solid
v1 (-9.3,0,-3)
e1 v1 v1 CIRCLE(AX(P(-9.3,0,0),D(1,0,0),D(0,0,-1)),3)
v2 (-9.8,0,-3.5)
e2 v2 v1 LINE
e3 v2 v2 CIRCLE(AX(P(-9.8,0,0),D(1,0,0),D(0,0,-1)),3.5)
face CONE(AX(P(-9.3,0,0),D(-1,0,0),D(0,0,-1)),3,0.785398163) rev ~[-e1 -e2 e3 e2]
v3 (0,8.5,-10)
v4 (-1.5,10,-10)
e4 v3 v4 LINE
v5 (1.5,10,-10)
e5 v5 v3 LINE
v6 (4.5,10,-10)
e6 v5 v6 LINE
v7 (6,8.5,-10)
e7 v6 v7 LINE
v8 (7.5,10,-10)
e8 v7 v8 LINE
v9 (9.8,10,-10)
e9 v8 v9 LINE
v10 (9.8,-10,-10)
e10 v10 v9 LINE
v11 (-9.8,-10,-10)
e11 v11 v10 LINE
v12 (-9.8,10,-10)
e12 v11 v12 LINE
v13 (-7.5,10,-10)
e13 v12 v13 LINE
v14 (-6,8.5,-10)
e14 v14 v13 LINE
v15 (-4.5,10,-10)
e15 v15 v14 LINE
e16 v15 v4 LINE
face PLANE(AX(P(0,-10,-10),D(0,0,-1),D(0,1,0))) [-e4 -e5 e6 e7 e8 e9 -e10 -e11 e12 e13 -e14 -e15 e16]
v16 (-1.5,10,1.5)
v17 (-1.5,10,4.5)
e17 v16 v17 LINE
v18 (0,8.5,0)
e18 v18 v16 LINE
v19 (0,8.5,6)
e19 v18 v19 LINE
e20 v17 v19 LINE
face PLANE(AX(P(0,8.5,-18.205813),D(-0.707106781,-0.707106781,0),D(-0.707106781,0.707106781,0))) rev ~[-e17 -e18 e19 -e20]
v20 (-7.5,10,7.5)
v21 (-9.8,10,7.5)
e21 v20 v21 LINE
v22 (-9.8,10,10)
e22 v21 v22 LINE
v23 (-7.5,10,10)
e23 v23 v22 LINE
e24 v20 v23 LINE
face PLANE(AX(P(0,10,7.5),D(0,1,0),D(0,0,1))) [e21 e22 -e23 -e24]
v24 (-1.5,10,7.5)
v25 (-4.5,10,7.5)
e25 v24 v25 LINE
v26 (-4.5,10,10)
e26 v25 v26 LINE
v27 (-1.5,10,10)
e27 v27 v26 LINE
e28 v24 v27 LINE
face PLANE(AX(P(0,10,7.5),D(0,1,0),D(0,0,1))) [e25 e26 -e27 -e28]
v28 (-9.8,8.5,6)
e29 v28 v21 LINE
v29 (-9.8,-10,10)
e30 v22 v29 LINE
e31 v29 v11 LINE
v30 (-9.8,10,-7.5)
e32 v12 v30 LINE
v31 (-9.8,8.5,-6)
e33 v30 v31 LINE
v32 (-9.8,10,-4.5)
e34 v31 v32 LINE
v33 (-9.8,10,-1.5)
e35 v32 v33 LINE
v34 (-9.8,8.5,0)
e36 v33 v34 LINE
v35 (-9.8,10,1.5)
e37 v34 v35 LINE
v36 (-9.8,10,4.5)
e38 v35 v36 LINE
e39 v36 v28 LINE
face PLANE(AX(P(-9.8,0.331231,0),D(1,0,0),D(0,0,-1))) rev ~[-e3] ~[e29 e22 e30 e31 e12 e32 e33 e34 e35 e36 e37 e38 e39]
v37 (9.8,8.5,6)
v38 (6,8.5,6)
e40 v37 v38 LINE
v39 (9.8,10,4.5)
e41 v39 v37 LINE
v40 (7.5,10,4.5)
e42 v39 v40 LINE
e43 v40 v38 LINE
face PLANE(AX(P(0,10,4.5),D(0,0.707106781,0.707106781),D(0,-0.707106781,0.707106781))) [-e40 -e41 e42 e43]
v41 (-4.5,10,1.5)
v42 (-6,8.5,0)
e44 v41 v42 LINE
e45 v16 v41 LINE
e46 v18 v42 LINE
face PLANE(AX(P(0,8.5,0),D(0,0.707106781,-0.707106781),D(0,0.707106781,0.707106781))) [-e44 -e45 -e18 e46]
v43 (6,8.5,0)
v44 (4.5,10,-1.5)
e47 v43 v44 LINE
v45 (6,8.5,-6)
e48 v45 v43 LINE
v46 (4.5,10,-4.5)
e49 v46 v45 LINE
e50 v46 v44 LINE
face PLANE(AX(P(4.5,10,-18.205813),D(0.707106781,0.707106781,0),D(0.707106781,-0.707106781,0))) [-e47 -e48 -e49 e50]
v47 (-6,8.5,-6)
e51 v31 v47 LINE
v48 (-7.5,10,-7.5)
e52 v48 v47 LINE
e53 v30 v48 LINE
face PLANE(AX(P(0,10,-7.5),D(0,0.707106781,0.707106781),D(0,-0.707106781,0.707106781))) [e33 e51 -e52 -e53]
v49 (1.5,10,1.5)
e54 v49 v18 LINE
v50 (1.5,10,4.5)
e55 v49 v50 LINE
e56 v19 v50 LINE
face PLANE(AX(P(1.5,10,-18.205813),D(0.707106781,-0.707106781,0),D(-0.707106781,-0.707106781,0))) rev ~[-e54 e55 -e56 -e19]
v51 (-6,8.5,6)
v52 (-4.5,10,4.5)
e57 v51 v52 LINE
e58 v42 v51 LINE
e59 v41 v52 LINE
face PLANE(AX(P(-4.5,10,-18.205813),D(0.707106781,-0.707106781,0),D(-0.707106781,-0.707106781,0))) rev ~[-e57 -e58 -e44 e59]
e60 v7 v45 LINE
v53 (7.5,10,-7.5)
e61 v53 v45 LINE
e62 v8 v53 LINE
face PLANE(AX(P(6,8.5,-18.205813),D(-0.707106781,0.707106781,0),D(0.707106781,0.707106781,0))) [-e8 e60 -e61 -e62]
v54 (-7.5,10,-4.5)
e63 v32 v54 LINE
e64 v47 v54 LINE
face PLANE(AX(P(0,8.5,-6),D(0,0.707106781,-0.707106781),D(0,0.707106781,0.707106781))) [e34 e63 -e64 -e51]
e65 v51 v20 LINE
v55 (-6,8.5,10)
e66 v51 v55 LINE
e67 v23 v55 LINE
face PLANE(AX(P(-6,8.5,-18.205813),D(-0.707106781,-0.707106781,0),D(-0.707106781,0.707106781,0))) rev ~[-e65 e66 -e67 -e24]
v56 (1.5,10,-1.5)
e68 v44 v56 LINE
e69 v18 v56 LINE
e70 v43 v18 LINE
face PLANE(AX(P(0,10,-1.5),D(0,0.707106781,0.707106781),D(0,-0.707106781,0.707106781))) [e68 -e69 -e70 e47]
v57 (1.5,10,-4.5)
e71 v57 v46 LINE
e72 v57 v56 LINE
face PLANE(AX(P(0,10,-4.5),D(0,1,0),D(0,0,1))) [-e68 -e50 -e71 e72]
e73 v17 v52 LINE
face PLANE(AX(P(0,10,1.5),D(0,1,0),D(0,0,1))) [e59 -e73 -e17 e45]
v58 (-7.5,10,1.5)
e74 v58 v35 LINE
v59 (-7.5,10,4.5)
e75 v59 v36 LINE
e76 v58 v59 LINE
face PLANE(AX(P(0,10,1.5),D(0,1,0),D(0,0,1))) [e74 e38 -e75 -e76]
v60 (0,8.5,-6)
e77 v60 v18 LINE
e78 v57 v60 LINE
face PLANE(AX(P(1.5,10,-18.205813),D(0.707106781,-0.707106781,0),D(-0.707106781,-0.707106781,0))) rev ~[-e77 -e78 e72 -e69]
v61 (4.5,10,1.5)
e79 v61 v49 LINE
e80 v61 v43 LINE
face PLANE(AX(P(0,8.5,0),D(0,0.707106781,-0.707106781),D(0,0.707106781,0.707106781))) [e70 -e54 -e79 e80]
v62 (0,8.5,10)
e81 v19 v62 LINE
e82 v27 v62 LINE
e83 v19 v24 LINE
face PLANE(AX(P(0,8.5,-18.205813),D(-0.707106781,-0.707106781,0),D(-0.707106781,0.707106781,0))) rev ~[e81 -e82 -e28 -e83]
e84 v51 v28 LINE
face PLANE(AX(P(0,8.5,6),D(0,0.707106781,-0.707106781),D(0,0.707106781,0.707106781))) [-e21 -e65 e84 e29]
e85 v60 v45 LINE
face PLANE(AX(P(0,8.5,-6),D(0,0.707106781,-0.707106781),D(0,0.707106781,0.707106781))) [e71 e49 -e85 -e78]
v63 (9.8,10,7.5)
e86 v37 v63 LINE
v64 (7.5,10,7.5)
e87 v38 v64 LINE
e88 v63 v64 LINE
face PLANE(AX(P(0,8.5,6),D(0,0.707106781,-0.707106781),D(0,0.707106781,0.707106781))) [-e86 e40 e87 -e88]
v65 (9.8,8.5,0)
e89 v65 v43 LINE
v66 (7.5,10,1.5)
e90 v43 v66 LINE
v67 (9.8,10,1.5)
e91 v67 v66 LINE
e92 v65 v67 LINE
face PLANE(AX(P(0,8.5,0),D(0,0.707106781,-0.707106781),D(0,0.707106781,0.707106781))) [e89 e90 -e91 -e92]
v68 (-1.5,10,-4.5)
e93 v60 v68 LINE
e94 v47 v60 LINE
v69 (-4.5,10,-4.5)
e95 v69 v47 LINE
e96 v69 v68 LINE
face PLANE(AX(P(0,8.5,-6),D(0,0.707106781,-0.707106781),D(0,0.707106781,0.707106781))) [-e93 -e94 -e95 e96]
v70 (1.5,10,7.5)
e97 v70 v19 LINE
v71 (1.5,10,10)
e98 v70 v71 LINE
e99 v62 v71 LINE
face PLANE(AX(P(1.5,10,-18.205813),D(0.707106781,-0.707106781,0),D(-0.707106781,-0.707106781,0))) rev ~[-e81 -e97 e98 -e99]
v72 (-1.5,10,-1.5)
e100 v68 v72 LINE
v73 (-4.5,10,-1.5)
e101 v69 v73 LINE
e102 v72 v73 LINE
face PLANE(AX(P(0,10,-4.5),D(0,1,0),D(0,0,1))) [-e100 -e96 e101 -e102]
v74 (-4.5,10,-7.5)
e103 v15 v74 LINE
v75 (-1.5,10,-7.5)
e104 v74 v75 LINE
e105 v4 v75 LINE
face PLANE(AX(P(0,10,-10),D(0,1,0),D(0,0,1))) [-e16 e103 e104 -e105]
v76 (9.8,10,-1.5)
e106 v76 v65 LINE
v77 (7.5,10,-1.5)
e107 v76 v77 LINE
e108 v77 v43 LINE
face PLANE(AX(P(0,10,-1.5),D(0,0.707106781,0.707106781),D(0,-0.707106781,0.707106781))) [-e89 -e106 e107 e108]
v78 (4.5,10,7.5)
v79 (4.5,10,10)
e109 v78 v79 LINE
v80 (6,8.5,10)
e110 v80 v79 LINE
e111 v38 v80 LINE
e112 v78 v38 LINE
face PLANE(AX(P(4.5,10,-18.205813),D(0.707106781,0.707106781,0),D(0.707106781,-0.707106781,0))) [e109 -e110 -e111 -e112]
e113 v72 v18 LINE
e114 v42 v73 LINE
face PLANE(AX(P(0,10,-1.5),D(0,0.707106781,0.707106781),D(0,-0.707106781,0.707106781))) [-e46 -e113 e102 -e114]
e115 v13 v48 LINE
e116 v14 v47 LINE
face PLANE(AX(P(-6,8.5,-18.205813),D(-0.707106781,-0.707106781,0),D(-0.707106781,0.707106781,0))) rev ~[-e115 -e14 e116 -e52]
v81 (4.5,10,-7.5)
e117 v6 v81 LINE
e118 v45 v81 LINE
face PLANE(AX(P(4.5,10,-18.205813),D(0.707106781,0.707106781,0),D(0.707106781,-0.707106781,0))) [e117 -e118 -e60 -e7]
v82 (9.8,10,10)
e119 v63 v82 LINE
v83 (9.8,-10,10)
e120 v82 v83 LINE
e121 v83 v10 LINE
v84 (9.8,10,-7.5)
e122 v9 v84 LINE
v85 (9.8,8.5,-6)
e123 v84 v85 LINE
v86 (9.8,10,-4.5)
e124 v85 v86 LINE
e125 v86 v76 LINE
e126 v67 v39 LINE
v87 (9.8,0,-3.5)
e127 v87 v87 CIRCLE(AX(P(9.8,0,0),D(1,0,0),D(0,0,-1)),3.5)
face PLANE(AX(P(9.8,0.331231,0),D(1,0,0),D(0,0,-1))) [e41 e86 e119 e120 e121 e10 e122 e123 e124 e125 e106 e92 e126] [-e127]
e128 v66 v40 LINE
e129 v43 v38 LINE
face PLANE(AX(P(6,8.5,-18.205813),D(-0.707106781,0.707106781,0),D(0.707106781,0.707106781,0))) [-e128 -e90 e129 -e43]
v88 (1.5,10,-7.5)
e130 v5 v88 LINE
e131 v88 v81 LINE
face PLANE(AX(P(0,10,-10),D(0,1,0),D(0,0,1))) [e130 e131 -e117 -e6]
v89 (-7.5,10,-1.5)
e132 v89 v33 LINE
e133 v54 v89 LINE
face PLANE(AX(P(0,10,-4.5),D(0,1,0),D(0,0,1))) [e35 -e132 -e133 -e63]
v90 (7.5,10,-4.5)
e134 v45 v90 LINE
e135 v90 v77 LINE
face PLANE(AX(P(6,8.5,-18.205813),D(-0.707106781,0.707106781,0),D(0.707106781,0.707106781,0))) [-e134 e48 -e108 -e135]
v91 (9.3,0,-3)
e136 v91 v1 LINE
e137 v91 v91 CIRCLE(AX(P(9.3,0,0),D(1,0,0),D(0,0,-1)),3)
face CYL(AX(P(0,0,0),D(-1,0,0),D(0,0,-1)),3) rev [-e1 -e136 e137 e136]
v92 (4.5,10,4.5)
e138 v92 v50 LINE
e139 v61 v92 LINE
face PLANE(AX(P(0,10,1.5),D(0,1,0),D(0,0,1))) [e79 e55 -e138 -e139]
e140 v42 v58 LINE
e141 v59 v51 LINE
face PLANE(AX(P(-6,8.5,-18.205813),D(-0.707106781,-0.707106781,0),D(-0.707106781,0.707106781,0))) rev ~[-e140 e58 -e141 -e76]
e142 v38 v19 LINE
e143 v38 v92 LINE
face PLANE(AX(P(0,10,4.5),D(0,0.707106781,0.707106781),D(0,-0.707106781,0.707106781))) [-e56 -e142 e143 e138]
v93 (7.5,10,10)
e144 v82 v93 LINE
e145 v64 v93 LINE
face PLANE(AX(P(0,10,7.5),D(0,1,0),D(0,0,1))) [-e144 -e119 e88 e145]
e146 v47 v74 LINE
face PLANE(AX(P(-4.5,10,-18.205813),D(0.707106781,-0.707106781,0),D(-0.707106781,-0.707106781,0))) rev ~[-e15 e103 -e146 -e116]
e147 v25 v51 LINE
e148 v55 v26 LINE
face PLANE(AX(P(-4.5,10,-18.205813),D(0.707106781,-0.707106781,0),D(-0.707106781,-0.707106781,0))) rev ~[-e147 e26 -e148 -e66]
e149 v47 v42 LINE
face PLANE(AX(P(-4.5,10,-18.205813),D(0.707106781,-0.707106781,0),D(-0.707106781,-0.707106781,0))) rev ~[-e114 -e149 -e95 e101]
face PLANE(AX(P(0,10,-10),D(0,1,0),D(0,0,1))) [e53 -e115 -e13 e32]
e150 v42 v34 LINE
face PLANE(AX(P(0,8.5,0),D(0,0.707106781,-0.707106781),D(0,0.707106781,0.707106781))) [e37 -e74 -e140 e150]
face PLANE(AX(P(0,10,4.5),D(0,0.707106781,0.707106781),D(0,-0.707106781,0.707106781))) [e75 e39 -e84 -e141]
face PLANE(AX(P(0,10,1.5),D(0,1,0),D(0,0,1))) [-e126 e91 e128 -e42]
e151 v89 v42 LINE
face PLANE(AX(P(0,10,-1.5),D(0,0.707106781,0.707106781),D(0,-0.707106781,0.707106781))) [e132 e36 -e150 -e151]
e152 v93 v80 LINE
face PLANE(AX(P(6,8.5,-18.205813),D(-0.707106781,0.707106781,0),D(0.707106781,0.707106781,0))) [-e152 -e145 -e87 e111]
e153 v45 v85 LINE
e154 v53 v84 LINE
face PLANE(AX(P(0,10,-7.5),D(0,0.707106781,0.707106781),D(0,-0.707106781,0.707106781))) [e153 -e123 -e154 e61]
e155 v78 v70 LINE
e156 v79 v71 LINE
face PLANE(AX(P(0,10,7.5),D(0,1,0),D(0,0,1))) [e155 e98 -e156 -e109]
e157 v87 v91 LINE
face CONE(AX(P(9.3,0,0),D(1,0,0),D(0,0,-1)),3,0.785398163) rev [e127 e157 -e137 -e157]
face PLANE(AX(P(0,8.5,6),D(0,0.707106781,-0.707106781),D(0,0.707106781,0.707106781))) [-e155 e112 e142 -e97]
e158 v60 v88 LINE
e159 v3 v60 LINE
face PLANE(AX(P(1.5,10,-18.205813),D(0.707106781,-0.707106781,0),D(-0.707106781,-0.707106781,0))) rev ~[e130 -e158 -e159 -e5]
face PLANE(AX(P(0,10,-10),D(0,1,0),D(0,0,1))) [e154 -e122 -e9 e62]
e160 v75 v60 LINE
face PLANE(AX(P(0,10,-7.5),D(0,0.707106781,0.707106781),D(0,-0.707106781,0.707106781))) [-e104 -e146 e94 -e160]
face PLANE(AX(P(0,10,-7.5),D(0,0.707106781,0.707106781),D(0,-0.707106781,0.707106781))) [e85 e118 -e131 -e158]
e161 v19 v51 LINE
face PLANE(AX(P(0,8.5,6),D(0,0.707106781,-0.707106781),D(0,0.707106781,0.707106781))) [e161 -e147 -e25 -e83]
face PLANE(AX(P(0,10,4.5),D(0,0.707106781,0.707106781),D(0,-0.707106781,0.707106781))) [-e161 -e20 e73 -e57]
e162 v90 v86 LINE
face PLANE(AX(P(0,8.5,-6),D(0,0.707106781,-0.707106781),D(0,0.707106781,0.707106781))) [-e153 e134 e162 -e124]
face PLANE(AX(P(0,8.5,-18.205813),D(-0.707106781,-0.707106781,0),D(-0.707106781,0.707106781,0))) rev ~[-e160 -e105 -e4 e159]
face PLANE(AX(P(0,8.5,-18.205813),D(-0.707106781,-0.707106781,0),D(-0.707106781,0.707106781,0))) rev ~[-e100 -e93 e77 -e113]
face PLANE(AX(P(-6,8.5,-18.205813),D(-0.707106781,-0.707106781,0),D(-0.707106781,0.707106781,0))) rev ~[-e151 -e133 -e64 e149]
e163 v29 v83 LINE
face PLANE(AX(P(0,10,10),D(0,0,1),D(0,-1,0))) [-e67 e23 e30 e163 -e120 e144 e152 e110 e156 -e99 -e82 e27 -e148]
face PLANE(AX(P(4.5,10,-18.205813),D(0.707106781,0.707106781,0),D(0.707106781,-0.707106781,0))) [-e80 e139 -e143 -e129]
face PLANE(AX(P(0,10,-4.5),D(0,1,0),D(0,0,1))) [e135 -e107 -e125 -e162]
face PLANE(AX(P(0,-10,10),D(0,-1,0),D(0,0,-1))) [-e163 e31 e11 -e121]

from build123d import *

# Parameters (mm, degrees)
SKETCH1_R               = 3
BOSS_EXTRUDE1_DEPTH     = 9.8
CUT_EXTRUDE1_DEPTH      = 18.205812971
CUT_EXTRUDE1_DEPTH_BACK = 18.205812971
CHAMFER1_SIZE           = 0.5


with BuildPart() as part:
    # Sketch1 → Boss-Extrude1 (new, symmetric)
    with BuildSketch(Plane(origin=(0, 0, 0), x_dir=(0, 0, -1), z_dir=(1, 0, 0))):
        Polygon((-10, 10), (-10, -10), (10, -10), (10, 10), (7.5, 10), (6, 8.5), (4.5, 10), (1.5, 10), (0, 8.5), (-1.5, 10), (-4.5, 10), (-6, 8.5), (-7.5, 10), align=None)
        Circle(SKETCH1_R, mode=Mode.SUBTRACT)
    extrude(amount=BOSS_EXTRUDE1_DEPTH, both=True)

    # Sketch2 → Cut-Extrude1 (cut, two sides: drawn at the far end of the back side and taken through both)
    with BuildSketch(Plane.XY.offset(-CUT_EXTRUDE1_DEPTH_BACK)):
        Polygon((-7.5, 10), (-4.5, 10), (-6, 8.5), align=None)
        Polygon((0, 8.5), (-1.5, 10), (1.5, 10), align=None)
        Polygon((4.5, 10), (6, 8.5), (7.5, 10), align=None)
    extrude(amount=CUT_EXTRUDE1_DEPTH + CUT_EXTRUDE1_DEPTH_BACK, mode=Mode.SUBTRACT)

    # Chamfer1
    chamfer1_edges = [part.edges().sort_by_distance(p)[0] for p in [
        (-9.8, 0, 3),
        (9.8, 0, 3),
    ]]
    chamfer(chamfer1_edges, length=CHAMFER1_SIZE)


solid = part.part
